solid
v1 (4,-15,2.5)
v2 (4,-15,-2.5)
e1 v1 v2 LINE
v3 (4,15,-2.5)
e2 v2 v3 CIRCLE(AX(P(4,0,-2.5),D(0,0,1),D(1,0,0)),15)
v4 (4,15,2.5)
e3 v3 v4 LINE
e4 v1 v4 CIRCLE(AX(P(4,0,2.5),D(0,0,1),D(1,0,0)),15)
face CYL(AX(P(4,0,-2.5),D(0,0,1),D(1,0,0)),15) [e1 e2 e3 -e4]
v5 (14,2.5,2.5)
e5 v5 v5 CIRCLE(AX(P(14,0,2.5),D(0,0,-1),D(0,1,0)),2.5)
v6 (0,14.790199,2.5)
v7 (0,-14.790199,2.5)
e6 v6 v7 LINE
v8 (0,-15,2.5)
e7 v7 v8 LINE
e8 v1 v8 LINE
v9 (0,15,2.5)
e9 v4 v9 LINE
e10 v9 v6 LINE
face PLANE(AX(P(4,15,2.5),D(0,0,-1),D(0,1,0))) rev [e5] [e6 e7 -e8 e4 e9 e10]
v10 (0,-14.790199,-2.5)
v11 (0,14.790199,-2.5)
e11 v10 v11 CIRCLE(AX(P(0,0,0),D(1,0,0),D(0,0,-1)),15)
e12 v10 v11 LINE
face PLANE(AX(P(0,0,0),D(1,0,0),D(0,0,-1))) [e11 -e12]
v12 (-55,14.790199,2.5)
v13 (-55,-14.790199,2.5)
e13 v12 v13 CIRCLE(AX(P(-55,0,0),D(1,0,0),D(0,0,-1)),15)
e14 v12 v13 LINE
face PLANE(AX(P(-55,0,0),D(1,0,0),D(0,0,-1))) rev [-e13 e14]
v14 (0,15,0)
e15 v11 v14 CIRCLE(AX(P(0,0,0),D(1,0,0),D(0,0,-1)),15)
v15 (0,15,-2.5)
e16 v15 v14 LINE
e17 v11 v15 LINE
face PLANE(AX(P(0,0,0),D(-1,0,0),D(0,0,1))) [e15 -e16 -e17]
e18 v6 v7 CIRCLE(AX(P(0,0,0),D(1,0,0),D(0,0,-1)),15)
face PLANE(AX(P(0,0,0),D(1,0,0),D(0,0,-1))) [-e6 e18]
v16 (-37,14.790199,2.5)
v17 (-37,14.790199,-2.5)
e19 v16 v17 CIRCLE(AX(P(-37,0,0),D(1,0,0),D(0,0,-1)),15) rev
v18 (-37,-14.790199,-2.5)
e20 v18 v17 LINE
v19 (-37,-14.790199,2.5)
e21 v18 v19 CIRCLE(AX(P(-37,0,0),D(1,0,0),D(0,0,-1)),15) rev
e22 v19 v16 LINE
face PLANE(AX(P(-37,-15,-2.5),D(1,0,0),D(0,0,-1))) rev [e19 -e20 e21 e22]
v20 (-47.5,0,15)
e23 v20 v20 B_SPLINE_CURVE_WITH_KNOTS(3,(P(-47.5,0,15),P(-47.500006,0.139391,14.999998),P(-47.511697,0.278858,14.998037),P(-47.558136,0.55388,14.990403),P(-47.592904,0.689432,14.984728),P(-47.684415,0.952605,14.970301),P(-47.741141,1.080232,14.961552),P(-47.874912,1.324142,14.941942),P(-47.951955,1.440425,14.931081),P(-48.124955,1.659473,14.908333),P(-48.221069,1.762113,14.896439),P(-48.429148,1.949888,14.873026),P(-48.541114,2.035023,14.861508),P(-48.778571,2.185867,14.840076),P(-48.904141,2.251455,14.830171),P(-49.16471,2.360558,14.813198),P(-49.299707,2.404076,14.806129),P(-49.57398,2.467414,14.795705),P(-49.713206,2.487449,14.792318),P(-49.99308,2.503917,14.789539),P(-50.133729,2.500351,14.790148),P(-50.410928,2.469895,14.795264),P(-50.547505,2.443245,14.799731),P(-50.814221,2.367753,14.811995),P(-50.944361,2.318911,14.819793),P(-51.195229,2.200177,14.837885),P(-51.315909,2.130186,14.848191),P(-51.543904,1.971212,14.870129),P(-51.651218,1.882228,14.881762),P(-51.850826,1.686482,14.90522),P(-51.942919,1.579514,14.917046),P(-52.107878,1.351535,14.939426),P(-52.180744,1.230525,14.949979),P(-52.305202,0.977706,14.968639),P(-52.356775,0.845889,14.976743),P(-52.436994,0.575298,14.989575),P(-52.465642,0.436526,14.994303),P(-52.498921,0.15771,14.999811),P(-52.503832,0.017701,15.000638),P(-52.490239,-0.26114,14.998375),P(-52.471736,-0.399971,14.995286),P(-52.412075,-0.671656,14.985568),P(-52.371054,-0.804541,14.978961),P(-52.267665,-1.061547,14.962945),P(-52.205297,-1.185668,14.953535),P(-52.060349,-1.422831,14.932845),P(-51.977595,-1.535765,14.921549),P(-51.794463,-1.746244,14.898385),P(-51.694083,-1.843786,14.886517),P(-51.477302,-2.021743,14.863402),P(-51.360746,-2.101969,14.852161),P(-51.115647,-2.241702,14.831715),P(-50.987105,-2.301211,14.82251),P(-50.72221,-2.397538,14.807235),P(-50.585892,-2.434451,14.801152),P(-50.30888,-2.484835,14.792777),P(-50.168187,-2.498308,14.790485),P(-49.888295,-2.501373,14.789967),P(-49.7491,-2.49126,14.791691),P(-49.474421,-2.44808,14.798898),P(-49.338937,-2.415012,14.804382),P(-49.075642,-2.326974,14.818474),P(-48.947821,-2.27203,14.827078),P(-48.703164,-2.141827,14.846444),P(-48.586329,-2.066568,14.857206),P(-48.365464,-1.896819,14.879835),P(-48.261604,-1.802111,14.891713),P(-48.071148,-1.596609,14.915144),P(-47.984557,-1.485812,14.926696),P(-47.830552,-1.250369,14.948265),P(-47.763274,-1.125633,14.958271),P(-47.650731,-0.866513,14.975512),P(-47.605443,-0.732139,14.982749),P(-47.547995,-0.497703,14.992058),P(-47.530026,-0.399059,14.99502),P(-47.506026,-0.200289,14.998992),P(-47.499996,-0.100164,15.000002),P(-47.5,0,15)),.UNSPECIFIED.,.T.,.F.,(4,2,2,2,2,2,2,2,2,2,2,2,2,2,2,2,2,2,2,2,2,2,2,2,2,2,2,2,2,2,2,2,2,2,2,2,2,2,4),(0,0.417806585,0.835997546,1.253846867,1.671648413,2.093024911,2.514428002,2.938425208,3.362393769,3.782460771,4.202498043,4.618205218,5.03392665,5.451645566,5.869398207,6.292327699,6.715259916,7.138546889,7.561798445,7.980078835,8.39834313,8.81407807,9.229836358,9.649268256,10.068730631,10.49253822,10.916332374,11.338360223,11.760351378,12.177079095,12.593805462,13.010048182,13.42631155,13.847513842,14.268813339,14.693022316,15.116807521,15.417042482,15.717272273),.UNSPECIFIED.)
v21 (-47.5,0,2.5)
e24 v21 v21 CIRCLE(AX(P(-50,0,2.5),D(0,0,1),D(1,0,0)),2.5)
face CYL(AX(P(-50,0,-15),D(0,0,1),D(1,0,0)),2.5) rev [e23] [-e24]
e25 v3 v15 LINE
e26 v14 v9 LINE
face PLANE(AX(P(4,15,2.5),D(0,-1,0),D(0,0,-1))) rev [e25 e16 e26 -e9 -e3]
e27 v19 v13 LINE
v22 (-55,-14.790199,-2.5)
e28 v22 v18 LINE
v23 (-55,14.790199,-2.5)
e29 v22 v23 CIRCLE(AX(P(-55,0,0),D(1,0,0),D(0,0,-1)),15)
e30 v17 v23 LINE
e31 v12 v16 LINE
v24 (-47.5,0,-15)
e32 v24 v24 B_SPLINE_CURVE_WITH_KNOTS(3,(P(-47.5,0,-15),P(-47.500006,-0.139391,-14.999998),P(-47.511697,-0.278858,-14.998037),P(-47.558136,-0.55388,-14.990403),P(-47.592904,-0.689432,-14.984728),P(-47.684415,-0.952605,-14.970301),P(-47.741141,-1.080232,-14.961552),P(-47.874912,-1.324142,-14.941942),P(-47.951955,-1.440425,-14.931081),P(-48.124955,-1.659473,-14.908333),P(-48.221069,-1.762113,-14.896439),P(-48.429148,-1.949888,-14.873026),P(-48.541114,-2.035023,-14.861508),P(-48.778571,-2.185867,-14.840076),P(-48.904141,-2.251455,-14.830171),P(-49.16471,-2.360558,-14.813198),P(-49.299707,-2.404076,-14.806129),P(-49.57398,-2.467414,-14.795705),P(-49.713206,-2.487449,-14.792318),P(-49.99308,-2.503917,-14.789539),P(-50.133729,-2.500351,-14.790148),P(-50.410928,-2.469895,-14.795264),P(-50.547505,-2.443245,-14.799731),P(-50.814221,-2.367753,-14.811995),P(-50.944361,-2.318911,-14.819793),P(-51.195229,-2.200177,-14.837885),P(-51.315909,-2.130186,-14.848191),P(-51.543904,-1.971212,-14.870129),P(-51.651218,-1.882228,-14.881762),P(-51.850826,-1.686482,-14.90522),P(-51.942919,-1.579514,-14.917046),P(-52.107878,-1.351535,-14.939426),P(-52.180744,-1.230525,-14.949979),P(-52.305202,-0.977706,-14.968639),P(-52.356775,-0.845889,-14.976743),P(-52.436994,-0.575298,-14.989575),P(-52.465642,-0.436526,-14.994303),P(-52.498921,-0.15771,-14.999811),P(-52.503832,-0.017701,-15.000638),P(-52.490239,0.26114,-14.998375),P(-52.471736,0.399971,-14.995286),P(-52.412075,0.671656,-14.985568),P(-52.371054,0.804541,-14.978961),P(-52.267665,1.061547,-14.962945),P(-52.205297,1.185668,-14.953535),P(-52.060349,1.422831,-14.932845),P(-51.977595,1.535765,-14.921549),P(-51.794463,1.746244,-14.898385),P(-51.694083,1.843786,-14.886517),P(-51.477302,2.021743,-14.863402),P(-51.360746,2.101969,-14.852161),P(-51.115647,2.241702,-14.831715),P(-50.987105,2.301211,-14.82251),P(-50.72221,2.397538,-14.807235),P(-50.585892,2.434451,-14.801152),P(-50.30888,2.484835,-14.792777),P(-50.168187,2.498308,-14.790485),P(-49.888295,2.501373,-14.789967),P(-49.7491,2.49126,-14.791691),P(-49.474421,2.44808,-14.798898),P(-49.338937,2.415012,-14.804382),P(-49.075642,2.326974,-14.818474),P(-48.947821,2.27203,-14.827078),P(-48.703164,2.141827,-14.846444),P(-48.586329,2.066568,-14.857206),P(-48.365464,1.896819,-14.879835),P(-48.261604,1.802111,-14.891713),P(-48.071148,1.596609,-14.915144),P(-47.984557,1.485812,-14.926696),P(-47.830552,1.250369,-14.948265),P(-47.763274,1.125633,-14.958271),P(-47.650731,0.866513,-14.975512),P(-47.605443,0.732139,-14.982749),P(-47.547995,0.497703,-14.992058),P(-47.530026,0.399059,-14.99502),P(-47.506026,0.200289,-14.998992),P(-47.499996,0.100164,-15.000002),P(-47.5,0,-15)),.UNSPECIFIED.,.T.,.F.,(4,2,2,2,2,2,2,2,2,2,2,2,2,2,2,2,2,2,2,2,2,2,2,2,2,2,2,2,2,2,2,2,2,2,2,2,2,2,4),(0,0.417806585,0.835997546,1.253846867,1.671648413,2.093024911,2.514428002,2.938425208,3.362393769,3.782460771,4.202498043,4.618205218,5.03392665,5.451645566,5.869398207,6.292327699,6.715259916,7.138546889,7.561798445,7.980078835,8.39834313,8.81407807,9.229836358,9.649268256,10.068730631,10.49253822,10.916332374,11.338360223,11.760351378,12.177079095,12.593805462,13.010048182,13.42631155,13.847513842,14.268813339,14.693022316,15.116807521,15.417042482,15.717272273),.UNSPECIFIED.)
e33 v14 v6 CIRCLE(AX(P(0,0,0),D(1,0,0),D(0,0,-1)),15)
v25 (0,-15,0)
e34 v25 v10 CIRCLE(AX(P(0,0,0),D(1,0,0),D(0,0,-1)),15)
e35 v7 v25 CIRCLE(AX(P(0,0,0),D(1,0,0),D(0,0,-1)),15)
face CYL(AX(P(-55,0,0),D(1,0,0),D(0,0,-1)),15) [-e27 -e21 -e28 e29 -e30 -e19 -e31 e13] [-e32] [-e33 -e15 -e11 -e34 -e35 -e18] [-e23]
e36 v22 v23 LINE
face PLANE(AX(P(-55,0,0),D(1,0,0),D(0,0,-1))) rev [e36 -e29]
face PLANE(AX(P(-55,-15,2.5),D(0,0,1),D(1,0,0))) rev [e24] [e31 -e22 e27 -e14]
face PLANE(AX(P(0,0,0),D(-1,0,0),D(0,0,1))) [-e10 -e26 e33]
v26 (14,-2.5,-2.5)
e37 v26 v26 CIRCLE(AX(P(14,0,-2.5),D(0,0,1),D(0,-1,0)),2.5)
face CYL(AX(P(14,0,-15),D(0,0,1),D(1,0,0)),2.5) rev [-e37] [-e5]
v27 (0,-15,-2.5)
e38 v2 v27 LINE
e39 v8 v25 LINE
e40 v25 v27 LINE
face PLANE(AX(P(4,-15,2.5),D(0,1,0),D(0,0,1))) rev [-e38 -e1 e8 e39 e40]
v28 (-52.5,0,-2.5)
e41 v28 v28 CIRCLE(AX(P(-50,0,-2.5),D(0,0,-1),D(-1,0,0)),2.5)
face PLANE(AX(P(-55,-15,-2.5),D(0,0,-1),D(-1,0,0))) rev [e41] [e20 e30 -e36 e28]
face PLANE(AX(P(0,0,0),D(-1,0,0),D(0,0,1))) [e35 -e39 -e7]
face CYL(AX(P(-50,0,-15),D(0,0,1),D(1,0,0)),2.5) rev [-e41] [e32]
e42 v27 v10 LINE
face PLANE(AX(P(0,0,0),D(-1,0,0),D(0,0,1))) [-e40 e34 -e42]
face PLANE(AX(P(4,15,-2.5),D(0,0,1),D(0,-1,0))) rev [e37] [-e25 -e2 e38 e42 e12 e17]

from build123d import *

# Parameters (mm, degrees)
SKETCH2_R               = 15
BOSS_EXTRUDE1_DEPTH     = 55
CUT_EXTRUDE1_DEPTH      = 59.949130613
CUT_EXTRUDE1_DEPTH_BACK = 59.949130613
SKETCH3_W               = 18
SKETCH3_H               = 5
CUT_EXTRUDE2_DEPTH      = 59.949130613
CUT_EXTRUDE2_DEPTH_BACK = 59.949130613
SKETCH6_R               = 2.5
SKETCH7_W               = 5
SKETCH7_H               = 30
BOSS_EXTRUDE2_DEPTH     = 4
BOSS_EXTRUDE3_DEPTH     = 5
CUT_EXTRUDE3_DEPTH      = 60.634302356
CUT_EXTRUDE3_DEPTH_BACK = 60.634302356
SKETCH9_R               = 2.5


with BuildPart() as part:
    # Sketch2 → Boss-Extrude1 (new body)
    with BuildSketch(Plane(origin=(0, 0, 0), x_dir=(0, 0, -1), z_dir=(1, 0, 0))):
        Circle(SKETCH2_R)
    extrude(amount=-BOSS_EXTRUDE1_DEPTH)

    # Sketch3 → Cut-Extrude1 (cut, two sides: drawn at the far end of the back side and taken through both)
    with BuildSketch(Plane(origin=(0, 0, 0), x_dir=(1, 0, 0), z_dir=(0, 1, 0)).offset(-CUT_EXTRUDE1_DEPTH_BACK)):
        with Locations((-46, 0)):
            Rectangle(SKETCH3_W, SKETCH3_H)
    extrude(amount=CUT_EXTRUDE1_DEPTH + CUT_EXTRUDE1_DEPTH_BACK, mode=Mode.SUBTRACT)

    # Sketch6 → Cut-Extrude2 (cut, two sides: drawn at the far end of the back side and taken through both)
    with BuildSketch(Plane.XY.offset(-CUT_EXTRUDE2_DEPTH_BACK)):
        with Locations((-50, 0)):
            Circle(SKETCH6_R)
    extrude(amount=CUT_EXTRUDE2_DEPTH + CUT_EXTRUDE2_DEPTH_BACK, mode=Mode.SUBTRACT)

    # Sketch7 → Boss-Extrude2 (add)
    with BuildSketch(Plane(origin=(0, 0, 0), x_dir=(0, 0, -1), z_dir=(1, 0, 0))):
        Rectangle(SKETCH7_W, SKETCH7_H)
    extrude(amount=BOSS_EXTRUDE2_DEPTH)

    # Sketch8 → Boss-Extrude3 (add)
    with BuildSketch(Plane.XY.offset(2.5)):
        with BuildLine():
            Line((4, 15), (4, -15))
            ThreePointArc((4, -15), (19, 0), (4, 15))
        make_face()
    extrude(amount=-BOSS_EXTRUDE3_DEPTH)

    # Sketch9 → Cut-Extrude3 (cut, two sides: drawn at the far end of the back side and taken through both)
    with BuildSketch(Plane.XY.offset(2.5).offset(-CUT_EXTRUDE3_DEPTH_BACK)):
        with Locations(Location((14, 0, 0), (0, 0, 270))):
            Circle(SKETCH9_R)
    extrude(amount=CUT_EXTRUDE3_DEPTH + CUT_EXTRUDE3_DEPTH_BACK, mode=Mode.SUBTRACT)


solid = part.part
